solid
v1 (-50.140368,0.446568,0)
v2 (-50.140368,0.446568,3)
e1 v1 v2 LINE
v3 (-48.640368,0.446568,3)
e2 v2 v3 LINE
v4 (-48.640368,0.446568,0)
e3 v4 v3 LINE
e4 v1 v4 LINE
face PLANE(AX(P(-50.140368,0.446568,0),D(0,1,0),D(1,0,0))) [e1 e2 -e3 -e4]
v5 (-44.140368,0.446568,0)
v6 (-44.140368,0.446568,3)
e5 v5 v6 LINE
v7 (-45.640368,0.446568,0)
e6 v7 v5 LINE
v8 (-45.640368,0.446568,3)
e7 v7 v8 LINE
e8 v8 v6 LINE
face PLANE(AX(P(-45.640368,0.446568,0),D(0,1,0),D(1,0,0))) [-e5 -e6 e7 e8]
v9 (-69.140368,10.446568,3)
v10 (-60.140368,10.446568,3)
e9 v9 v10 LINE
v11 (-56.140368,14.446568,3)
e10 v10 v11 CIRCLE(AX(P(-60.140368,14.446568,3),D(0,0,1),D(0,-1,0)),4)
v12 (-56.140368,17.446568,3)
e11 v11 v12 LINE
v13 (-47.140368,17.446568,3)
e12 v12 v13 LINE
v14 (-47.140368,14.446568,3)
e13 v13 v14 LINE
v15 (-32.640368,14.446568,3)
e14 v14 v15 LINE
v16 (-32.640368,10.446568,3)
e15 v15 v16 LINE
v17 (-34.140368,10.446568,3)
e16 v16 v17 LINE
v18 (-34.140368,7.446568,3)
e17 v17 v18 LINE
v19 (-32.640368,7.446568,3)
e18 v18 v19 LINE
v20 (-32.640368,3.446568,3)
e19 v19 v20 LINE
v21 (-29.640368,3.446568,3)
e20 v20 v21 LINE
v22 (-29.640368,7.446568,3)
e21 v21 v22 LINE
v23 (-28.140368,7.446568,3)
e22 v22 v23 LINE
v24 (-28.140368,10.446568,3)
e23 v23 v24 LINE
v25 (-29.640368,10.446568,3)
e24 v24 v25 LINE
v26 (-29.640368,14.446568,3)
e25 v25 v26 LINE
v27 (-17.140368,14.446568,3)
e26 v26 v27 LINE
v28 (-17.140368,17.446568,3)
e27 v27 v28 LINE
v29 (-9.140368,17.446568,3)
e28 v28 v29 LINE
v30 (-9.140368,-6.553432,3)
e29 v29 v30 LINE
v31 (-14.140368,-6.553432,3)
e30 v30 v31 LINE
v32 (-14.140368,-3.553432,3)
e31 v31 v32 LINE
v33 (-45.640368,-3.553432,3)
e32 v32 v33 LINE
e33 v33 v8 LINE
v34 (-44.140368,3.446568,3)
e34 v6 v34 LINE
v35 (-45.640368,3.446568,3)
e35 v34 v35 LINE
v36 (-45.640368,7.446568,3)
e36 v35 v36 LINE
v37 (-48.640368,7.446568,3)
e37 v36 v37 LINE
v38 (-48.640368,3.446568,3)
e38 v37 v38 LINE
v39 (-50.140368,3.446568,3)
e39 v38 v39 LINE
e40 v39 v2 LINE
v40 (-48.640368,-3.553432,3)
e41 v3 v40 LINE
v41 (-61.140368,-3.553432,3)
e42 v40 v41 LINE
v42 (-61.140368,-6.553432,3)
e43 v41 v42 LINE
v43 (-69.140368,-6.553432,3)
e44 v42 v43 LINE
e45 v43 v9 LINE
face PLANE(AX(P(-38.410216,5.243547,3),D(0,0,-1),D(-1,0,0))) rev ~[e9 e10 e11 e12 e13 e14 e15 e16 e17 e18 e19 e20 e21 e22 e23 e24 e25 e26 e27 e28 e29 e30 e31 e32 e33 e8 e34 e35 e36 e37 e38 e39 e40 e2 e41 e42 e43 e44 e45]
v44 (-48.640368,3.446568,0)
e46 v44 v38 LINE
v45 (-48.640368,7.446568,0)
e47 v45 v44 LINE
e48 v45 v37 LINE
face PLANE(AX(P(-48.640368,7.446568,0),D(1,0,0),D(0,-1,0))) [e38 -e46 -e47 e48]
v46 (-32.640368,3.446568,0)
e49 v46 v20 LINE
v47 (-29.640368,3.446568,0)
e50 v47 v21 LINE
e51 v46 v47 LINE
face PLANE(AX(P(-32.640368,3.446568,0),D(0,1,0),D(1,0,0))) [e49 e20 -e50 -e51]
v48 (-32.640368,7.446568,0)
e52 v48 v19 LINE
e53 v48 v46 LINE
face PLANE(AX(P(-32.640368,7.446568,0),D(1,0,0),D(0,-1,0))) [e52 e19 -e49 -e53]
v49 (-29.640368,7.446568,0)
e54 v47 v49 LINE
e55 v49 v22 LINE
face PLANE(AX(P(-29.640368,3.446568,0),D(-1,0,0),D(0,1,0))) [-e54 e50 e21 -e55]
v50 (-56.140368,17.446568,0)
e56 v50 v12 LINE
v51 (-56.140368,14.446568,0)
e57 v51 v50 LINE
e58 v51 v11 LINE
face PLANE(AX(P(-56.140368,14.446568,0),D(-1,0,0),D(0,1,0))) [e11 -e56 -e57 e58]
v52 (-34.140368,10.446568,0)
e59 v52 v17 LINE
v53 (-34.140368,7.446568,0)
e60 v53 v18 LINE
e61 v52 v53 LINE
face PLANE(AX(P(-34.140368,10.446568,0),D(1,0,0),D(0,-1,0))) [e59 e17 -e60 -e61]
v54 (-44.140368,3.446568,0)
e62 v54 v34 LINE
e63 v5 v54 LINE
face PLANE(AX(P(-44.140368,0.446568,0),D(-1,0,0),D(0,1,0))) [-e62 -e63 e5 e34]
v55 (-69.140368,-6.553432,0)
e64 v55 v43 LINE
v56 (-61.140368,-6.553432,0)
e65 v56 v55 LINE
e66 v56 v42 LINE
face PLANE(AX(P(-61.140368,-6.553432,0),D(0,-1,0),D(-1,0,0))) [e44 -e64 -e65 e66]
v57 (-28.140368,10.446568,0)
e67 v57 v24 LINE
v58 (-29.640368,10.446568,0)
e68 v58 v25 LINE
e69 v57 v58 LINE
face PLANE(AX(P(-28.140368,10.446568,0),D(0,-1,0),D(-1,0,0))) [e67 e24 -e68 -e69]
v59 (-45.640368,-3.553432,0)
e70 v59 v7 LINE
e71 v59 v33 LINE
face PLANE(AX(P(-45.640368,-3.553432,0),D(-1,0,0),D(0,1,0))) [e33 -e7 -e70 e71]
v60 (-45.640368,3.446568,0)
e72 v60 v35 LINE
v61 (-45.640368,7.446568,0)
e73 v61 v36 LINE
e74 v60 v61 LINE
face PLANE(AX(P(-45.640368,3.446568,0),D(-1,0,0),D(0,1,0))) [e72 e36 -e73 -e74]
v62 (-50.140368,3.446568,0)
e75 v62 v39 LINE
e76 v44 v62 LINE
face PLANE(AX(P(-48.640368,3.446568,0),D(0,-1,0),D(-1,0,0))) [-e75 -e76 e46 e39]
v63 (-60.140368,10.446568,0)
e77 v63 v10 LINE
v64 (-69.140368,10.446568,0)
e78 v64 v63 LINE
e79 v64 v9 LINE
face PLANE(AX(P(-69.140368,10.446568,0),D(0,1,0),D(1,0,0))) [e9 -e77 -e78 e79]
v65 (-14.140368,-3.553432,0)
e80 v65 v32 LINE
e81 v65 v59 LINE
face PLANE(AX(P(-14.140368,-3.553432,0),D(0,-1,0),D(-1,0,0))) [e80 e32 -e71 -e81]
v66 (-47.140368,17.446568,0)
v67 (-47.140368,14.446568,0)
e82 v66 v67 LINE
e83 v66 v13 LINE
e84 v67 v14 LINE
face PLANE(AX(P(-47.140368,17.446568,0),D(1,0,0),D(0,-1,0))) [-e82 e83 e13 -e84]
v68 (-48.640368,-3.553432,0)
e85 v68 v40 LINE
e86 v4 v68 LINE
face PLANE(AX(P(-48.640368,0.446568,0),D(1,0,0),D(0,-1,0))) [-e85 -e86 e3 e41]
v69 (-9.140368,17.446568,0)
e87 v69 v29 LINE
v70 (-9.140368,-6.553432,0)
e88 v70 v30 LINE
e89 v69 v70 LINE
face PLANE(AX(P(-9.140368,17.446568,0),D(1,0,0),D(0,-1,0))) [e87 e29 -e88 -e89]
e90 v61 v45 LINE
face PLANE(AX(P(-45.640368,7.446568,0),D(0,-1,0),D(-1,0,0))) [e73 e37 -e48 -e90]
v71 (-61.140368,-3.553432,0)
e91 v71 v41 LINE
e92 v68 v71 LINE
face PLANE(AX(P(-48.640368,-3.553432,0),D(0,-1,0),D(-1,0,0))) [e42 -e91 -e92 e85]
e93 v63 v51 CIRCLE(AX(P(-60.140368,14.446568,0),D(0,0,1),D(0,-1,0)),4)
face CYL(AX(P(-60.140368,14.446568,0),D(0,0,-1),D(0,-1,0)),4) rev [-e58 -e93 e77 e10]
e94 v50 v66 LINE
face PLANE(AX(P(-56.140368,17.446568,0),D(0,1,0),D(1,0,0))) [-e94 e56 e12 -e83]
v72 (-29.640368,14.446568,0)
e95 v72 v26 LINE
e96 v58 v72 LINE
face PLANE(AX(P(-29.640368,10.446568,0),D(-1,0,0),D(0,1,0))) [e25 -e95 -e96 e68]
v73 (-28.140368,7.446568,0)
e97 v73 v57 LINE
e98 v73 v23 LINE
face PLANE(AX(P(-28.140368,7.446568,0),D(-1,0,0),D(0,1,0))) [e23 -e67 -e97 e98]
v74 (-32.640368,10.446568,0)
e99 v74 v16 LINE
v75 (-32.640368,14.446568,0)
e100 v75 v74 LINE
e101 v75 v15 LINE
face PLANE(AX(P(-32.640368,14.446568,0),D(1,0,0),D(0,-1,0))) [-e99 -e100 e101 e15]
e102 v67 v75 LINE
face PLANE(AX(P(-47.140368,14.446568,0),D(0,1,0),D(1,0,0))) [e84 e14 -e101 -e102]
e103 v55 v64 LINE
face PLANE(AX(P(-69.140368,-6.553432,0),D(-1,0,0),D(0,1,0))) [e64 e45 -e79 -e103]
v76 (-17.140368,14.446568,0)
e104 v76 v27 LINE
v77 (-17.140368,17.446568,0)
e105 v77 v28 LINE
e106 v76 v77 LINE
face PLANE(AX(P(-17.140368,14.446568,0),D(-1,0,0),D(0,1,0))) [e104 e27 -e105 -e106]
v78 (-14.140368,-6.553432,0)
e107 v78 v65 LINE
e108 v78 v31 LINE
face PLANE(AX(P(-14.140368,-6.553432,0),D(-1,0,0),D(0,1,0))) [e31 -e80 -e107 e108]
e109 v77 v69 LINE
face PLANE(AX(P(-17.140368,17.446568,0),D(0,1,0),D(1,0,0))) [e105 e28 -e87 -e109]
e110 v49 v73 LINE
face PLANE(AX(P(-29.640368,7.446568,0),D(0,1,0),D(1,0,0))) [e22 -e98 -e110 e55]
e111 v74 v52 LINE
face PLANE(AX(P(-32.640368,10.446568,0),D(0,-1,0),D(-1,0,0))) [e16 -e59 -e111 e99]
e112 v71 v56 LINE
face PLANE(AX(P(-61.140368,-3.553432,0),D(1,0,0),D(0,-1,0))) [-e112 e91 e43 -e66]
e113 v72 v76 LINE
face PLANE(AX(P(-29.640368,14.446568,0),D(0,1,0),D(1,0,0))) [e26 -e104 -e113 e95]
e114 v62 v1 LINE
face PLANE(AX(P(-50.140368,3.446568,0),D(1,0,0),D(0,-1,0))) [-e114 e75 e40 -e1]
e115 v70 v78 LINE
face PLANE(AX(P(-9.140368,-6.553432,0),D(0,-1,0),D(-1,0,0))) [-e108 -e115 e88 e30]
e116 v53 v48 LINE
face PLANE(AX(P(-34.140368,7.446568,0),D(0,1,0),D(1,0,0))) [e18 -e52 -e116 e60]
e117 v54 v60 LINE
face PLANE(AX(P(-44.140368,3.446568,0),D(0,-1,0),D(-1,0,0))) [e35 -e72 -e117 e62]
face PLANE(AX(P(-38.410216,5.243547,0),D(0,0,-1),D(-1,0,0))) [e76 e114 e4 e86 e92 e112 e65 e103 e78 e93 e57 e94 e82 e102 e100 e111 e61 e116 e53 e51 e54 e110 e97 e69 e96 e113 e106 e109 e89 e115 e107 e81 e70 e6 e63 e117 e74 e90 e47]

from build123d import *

# Parameters (mm, degrees)
BOSS_EXTRU_5_DEPTH = 3


with BuildPart() as part:
    # Esquisse5 → Boss.-Extru.5 (new body)
    with BuildSketch(Plane.XY):
        with BuildLine():
            Line((-17.14036809, 14.446568203), (-17.14036809, 17.446568203))
            Line((-17.14036809, 17.446568203), (-9.14036809, 17.446568203))
            Line((-9.14036809, 17.446568203), (-9.14036809, -6.553431797))
            Line((-9.14036809, -6.553431797), (-14.14036809, -6.553431797))
            Line((-14.14036809, -6.553431797), (-14.14036809, -3.553431797))
            Line((-14.14036809, -3.553431797), (-45.64036809, -3.553431797))
            Line((-45.64036809, -3.553431797), (-45.64036809, 0.446568203))
            Line((-45.64036809, 0.446568203), (-44.14036809, 0.446568203))
            Line((-44.14036809, 0.446568203), (-44.14036809, 3.446568203))
            Line((-44.14036809, 3.446568203), (-45.64036809, 3.446568203))
            Line((-45.64036809, 3.446568203), (-45.64036809, 7.446568203))
            Line((-45.64036809, 7.446568203), (-48.64036809, 7.446568203))
            Line((-48.64036809, 7.446568203), (-48.64036809, 3.446568203))
            Line((-48.64036809, 3.446568203), (-50.14036809, 3.446568203))
            Line((-50.14036809, 3.446568203), (-50.14036809, 0.446568203))
            Line((-50.14036809, 0.446568203), (-48.64036809, 0.446568203))
            Line((-48.64036809, 0.446568203), (-48.64036809, -3.553431797))
            Line((-48.64036809, -3.553431797), (-61.14036809, -3.553431797))
            Line((-61.14036809, -3.553431797), (-61.14036809, -6.553431797))
            Line((-61.14036809, -6.553431797), (-69.14036809, -6.553431797))
            Line((-69.14036809, -6.553431797), (-69.14036809, 10.446568203))
            Line((-69.14036809, 10.446568203), (-60.14036809, 10.446568203))
            ThreePointArc((-60.14036809, 10.446568203), (-57.311940966, 11.618141078), (-56.14036809, 14.446568203))
            Line((-56.14036809, 14.446568203), (-56.14036809, 17.446568203))
            Line((-56.14036809, 17.446568203), (-47.14036809, 17.446568203))
            Line((-47.14036809, 17.446568203), (-47.14036809, 14.446568203))
            Line((-47.14036809, 14.446568203), (-32.64036809, 14.446568203))
            Line((-32.64036809, 14.446568203), (-32.64036809, 10.446568203))
            Line((-32.64036809, 10.446568203), (-34.14036809, 10.446568203))
            Line((-34.14036809, 10.446568203), (-34.14036809, 7.446568203))
            Line((-34.14036809, 7.446568203), (-32.64036809, 7.446568203))
            Line((-32.64036809, 7.446568203), (-32.64036809, 3.446568203))
            Line((-32.64036809, 3.446568203), (-29.64036809, 3.446568203))
            Line((-29.64036809, 3.446568203), (-29.64036809, 7.446568203))
            Line((-29.64036809, 7.446568203), (-28.14036809, 7.446568203))
            Line((-28.14036809, 7.446568203), (-28.14036809, 10.446568203))
            Line((-28.14036809, 10.446568203), (-29.64036809, 10.446568203))
            Line((-29.64036809, 10.446568203), (-29.64036809, 14.446568203))
            Line((-29.64036809, 14.446568203), (-17.14036809, 14.446568203))
        make_face()
    extrude(amount=BOSS_EXTRU_5_DEPTH)


solid = part.part
